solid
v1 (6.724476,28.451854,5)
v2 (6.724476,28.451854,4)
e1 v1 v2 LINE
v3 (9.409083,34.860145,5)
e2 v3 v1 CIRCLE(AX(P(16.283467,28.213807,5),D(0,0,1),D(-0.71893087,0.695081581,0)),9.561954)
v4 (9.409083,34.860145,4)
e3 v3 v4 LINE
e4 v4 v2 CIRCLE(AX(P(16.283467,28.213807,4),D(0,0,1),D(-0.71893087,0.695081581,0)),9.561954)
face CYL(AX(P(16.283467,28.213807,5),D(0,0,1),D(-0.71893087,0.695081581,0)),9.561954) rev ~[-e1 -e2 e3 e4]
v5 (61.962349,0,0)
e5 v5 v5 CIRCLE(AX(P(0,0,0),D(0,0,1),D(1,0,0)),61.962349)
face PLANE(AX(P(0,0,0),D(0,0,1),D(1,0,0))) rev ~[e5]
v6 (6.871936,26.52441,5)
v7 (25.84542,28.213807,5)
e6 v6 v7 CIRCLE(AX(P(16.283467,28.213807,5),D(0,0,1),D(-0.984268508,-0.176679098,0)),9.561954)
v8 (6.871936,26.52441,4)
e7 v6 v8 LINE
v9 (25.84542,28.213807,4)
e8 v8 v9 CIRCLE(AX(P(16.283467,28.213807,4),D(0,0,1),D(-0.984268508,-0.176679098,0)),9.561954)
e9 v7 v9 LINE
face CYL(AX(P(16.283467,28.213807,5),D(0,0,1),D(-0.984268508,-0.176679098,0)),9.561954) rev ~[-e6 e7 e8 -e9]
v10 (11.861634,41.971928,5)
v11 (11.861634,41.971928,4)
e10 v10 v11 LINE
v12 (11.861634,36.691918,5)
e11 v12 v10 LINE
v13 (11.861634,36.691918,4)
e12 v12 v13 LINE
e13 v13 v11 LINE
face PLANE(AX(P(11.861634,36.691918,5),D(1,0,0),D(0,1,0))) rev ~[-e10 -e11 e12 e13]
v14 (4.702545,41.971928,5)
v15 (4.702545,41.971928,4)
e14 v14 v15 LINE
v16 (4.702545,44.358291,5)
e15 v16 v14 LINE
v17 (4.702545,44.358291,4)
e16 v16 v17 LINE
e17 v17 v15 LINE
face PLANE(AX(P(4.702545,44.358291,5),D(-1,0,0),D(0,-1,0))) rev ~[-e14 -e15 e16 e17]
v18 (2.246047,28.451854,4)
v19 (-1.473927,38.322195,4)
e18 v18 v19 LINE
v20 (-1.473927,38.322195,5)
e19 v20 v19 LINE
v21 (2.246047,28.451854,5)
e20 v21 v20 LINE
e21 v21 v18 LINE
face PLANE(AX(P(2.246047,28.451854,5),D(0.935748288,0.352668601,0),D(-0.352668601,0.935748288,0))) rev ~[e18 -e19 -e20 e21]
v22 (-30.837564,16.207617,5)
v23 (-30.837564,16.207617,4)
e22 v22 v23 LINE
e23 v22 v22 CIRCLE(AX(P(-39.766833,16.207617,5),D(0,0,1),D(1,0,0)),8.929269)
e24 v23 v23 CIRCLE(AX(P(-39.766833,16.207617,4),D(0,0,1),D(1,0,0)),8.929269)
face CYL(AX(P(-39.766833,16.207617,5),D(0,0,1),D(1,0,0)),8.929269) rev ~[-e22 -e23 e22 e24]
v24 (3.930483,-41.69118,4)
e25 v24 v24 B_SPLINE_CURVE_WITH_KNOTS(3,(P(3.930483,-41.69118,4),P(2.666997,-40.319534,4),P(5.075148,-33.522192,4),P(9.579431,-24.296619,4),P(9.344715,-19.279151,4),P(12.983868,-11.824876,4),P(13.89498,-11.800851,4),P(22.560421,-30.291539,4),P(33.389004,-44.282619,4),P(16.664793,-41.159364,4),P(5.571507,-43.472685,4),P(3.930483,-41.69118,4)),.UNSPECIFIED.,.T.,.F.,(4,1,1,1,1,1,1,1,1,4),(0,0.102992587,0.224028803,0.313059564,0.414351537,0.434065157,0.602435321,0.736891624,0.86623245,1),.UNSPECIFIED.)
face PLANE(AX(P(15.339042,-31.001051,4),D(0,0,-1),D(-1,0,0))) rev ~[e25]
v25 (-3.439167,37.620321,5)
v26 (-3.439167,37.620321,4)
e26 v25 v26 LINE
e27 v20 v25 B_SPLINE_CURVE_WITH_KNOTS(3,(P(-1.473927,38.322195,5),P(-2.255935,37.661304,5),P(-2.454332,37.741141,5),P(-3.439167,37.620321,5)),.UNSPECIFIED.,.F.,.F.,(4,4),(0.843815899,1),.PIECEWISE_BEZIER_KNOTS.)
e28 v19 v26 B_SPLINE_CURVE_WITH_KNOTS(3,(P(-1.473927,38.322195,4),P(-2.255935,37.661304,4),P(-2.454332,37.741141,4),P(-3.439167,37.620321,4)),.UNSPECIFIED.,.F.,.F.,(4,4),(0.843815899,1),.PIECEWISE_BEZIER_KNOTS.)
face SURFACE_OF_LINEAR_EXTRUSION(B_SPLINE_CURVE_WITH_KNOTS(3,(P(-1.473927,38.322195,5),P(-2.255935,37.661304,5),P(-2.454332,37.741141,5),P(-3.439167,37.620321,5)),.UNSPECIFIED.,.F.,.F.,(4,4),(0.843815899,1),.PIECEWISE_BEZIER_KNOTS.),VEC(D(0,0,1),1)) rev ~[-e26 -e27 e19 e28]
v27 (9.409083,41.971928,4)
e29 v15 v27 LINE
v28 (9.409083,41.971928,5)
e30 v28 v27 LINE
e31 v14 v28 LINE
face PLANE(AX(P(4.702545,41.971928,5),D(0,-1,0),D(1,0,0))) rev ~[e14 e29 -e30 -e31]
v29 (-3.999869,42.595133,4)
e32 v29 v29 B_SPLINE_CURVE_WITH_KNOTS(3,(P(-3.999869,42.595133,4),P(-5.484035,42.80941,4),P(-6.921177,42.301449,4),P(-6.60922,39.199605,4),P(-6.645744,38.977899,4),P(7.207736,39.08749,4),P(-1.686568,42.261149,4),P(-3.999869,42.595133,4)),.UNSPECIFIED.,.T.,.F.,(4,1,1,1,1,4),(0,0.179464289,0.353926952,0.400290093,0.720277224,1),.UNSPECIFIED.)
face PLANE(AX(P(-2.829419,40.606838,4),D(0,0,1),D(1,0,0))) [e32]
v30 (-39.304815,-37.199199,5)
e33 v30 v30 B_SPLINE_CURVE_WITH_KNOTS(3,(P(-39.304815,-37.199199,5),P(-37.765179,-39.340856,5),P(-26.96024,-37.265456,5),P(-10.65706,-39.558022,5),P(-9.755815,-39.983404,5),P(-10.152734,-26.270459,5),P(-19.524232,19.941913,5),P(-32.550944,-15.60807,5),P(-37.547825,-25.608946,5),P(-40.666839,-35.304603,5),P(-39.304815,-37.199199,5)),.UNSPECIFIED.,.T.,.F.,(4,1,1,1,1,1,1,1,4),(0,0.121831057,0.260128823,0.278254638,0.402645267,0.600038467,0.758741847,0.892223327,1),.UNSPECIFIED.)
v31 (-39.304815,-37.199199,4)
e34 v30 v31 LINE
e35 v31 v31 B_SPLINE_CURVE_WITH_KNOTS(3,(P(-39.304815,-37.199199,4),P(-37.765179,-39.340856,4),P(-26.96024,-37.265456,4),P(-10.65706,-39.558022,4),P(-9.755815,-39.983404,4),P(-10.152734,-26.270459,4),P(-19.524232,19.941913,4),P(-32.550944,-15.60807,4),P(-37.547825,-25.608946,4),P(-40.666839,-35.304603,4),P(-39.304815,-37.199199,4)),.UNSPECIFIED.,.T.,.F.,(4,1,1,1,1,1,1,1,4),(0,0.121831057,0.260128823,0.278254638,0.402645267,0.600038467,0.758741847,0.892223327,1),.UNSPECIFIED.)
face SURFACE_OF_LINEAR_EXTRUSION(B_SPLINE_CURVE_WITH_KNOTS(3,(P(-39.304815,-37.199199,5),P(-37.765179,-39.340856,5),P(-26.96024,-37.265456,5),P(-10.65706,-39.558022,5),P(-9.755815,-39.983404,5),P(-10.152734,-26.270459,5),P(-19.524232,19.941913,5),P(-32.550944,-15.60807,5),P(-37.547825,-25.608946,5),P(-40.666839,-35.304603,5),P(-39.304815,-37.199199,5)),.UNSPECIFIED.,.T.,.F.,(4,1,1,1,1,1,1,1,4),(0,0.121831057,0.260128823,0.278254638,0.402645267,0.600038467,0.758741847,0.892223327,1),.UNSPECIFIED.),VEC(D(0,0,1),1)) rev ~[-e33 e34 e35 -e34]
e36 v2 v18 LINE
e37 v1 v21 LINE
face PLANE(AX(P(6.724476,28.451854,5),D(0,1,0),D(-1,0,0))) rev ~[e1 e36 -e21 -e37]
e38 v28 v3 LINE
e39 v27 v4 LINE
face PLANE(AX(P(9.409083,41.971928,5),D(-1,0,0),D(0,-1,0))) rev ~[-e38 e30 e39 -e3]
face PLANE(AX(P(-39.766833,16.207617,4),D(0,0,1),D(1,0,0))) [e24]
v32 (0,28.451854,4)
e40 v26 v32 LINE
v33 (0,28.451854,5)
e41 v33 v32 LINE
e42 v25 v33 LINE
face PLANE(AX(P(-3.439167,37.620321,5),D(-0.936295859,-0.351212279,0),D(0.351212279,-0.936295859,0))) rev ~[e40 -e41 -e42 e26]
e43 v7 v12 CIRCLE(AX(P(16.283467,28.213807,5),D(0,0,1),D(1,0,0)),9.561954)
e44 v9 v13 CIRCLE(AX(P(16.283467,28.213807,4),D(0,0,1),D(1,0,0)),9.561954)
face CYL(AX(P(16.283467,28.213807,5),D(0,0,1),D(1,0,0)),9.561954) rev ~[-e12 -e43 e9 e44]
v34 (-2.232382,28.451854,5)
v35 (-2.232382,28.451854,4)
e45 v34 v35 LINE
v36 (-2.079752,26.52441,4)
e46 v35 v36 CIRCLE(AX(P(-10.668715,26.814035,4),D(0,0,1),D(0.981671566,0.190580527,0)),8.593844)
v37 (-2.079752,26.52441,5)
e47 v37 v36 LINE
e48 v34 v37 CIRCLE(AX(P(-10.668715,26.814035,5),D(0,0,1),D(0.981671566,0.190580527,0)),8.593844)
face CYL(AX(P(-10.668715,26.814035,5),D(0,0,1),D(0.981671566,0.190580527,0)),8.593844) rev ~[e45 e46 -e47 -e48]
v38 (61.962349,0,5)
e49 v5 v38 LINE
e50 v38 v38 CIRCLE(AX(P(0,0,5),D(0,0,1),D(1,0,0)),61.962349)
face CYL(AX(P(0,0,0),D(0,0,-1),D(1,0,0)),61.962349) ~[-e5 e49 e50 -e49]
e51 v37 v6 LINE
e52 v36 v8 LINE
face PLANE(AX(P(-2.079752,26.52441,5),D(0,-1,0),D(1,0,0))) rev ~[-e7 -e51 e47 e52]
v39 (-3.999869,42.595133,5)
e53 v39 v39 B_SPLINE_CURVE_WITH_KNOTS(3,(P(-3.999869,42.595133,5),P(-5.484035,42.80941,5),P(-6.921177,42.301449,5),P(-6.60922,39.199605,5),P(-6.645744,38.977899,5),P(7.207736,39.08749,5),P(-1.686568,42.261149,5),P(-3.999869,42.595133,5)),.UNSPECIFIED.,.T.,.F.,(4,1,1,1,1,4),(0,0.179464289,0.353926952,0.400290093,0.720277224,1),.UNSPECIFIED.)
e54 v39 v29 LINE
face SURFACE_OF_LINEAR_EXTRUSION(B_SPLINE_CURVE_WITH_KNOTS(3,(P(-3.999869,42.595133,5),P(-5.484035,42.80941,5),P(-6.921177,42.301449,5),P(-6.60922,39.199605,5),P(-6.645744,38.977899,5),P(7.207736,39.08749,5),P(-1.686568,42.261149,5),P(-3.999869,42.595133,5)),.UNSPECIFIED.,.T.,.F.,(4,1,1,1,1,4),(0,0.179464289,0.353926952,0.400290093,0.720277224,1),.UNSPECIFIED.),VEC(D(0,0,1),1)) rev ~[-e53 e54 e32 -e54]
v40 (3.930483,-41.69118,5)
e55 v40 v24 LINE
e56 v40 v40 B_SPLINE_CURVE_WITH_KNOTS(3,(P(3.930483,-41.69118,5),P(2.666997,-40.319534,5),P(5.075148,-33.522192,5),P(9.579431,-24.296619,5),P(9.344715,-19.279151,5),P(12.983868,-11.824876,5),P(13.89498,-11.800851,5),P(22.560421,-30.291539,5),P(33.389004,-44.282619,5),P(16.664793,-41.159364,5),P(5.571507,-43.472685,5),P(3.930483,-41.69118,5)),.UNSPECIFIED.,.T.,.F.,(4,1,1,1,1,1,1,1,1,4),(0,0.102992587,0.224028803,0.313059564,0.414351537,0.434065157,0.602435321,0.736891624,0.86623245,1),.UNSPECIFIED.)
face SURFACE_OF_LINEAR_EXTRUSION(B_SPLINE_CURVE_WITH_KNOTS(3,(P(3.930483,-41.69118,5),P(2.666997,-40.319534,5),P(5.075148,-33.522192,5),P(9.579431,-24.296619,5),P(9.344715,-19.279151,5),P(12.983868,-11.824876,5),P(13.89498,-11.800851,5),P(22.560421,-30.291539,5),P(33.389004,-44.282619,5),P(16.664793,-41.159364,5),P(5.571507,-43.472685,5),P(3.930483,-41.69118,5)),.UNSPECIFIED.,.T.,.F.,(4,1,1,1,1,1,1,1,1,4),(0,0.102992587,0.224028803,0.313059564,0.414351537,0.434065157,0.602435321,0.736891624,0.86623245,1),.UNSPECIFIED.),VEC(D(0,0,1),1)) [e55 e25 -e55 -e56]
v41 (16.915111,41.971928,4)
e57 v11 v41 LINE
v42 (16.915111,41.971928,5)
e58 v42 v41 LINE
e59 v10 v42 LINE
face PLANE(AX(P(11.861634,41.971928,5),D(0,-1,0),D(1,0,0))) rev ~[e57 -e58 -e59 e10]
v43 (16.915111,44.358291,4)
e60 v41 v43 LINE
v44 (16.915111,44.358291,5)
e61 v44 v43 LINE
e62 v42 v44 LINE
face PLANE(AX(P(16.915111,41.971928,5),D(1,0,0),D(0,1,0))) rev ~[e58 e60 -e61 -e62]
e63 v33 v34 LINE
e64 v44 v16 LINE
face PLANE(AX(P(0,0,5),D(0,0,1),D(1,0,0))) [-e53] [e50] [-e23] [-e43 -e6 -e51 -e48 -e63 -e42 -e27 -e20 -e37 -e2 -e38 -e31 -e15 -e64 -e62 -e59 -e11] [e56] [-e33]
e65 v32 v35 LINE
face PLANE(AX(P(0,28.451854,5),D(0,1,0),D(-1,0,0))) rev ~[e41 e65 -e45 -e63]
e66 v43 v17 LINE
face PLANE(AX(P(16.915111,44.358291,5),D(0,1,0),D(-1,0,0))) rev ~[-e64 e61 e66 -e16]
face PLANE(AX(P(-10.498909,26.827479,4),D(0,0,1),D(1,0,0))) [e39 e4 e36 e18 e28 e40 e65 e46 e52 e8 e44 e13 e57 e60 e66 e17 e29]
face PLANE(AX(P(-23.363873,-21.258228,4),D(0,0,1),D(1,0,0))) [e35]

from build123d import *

# Parameters (mm, degrees)
F0_R     = 61.9623487285
F1_DEPTH = 5
F3_DEPTH = 1
F5_DEPTH = 1
F7_DEPTH = 1
F8_R     = 8.9292690279
F9_DEPTH = 1


with BuildPart() as f1:
    # F0 (on Top) → F1 (new body)
    with BuildSketch(Plane.XY):
        Circle(F0_R)
    extrude(amount=F1_DEPTH)

    # F2 (on face) → F3 (cut)
    with BuildSketch(Plane.XY.offset(5)):
        with BuildLine():
            add(Edge.make_bspline(
                [(-39.3048152328, -37.1991991997), (-37.7651793317, -39.3408560727), (-26.9602400655, -37.2654556836), (-10.6570598611, -39.5580218969), (-9.7558151733, -39.9834038407), (-10.152733857, -26.2704585367), (-19.5242322502, 19.941913429), (-32.5509442958, -15.6080702025), (-37.5478248801, -25.608945775), (-40.6668393278, -35.3046030406), (-39.3048152328, -37.1991991997)],
                knots=[0, 0, 0, 0, 0.1218310574, 0.2601288227, 0.2782546382, 0.4026452671, 0.600038467, 0.758741847, 0.8922233266, 1, 1, 1, 1], degree=3))
        make_face()
        with BuildLine():
            add(Edge.make_bspline(
                [(3.9304825477, -41.6911803186), (2.6669968583, -40.319533603), (5.0751476068, -33.5221923515), (9.5794311322, -24.2966191015), (9.3447152511, -19.2791505142), (12.9838675707, -11.8248757534), (13.8949803592, -11.8008514316), (22.5604208824, -30.2915392719), (33.3890041695, -44.2826186469), (16.6647932689, -41.1593642165), (5.5715073066, -43.4726854353), (3.9304825477, -41.6911803186)],
                knots=[0, 0, 0, 0, 0.1029925867, 0.2240288031, 0.3130595643, 0.4143515368, 0.4340651574, 0.6024353208, 0.7368916239, 0.8662324503, 1, 1, 1, 1], degree=3))
        make_face()
    extrude(amount=-F3_DEPTH, mode=Mode.SUBTRACT)

    # F4 (on face) → F5 (cut)
    with BuildSketch(Plane.XY.offset(5)):
        with BuildLine():
            ThreePointArc((-2.0797521838, 26.5244096723), (-2.0760909326, 26.6692016953), (-2.0748703999, 26.8140348579))
            ThreePointArc((-2.0748703999, 26.8140348579), (-2.1143389598, 27.636722854), (-2.2323821086, 28.451854206))
            ThreePointArc((-2.2323821086, 28.451854206), (-19.2357400979, 26.1356316973), (-2.0797521838, 26.5244096723))
        make_face()
        with BuildLine():
            Line((-3.4391672816, 37.6203209162), (0, 28.451854206))
            Line((0, 28.451854206), (2.246047079, 28.451854206))
            Line((2.246047079, 28.451854206), (-1.4739270555, 38.3221954107))
            add(Edge.make_bspline(
                [(-1.4739270555, 38.3221954107), (-2.2559350586, 37.6613035057), (-2.4543322401, 37.7411414291), (-3.4391672816, 37.6203209162)],
                knots=[0.8438158989, 0.8438158989, 0.8438158989, 0.8438158989, 1, 1, 1, 1], degree=3))
        make_face()
        with BuildLine():
            ThreePointArc((-2.2323821086, 28.451854206), (-2.1143389598, 27.636722854), (-2.0748703999, 26.8140348579))
            ThreePointArc((-2.0748703999, 26.8140348579), (-2.0760909326, 26.6692016953), (-2.0797521838, 26.5244096723))
            Line((-2.0797521838, 26.5244096723), (6.8719364839, 26.5244096723))
            ThreePointArc((6.8719364839, 26.5244096723), (6.7493739769, 27.4843959893), (6.7244762665, 28.451854206))
            Line((6.7244762665, 28.451854206), (2.246047079, 28.451854206))
            Line((2.246047079, 28.451854206), (0, 28.451854206))
            Line((0, 28.451854206), (-2.2323821086, 28.451854206))
        make_face()
        with BuildLine():
            ThreePointArc((6.7244762665, 28.451854206), (6.7493739769, 27.4843959893), (6.8719364839, 26.5244096723))
            ThreePointArc((6.8719364839, 26.5244096723), (17.1315070497, 18.6895333875), (25.8454203948, 28.2138070504))
            ThreePointArc((25.8454203948, 28.2138070504), (21.2407645456, 36.3903685526), (11.8616344407, 36.6919178299))
            ThreePointArc((11.8616344407, 36.6919178299), (10.5615812468, 35.8748115663), (9.4090827366, 34.8601450514))
            ThreePointArc((9.4090827366, 34.8601450514), (7.4641415218, 31.9084609883), (6.7244762665, 28.451854206))
        make_face()
        with BuildLine():
            Line((9.4090827366, 41.9719282496), (9.4090827366, 34.8601450514))
            ThreePointArc((9.4090827366, 34.8601450514), (10.5615812468, 35.8748115663), (11.8616344407, 36.6919178299))
            Line((11.8616344407, 36.6919178299), (11.8616344407, 41.9719282496))
            Line((11.8616344407, 41.9719282496), (9.4090827366, 41.9719282496))
        make_face()
        Polygon((4.7025452368, 41.9719282496), (9.4090827366, 41.9719282496), (11.8616344407, 41.9719282496), (16.9151108712, 41.9719282496), (16.9151108712, 44.3582907319), (4.7025452368, 44.3582907319), align=None)
    extrude(amount=-F5_DEPTH, mode=Mode.SUBTRACT)

    # F6 (on face) → F7 (cut)
    with BuildSketch(Plane.XY.offset(5)):
        with BuildLine():
            add(Edge.make_bspline(
                [(-3.9998693392, 42.5951331854), (-5.4840353013, 42.8094104058), (-6.9211765833, 42.301449495), (-6.6092198889, 39.1996054356), (-6.6457444296, 38.9778993961), (7.2077359478, 39.0874898007), (-1.686567761, 42.261149086), (-3.9998693392, 42.5951331854)],
                knots=[0, 0, 0, 0, 0.1794642893, 0.3539269519, 0.4002900929, 0.7202772235, 1, 1, 1, 1], degree=3))
        make_face()
    extrude(amount=-F7_DEPTH, mode=Mode.SUBTRACT)

    # F8 (on face) → F9 (cut)
    with BuildSketch(Plane.XY.offset(5)):
        with Locations((-39.7668331861, 16.2076167762)):
            Circle(F8_R)
    extrude(amount=-F9_DEPTH, mode=Mode.SUBTRACT)


solid = f1.part
